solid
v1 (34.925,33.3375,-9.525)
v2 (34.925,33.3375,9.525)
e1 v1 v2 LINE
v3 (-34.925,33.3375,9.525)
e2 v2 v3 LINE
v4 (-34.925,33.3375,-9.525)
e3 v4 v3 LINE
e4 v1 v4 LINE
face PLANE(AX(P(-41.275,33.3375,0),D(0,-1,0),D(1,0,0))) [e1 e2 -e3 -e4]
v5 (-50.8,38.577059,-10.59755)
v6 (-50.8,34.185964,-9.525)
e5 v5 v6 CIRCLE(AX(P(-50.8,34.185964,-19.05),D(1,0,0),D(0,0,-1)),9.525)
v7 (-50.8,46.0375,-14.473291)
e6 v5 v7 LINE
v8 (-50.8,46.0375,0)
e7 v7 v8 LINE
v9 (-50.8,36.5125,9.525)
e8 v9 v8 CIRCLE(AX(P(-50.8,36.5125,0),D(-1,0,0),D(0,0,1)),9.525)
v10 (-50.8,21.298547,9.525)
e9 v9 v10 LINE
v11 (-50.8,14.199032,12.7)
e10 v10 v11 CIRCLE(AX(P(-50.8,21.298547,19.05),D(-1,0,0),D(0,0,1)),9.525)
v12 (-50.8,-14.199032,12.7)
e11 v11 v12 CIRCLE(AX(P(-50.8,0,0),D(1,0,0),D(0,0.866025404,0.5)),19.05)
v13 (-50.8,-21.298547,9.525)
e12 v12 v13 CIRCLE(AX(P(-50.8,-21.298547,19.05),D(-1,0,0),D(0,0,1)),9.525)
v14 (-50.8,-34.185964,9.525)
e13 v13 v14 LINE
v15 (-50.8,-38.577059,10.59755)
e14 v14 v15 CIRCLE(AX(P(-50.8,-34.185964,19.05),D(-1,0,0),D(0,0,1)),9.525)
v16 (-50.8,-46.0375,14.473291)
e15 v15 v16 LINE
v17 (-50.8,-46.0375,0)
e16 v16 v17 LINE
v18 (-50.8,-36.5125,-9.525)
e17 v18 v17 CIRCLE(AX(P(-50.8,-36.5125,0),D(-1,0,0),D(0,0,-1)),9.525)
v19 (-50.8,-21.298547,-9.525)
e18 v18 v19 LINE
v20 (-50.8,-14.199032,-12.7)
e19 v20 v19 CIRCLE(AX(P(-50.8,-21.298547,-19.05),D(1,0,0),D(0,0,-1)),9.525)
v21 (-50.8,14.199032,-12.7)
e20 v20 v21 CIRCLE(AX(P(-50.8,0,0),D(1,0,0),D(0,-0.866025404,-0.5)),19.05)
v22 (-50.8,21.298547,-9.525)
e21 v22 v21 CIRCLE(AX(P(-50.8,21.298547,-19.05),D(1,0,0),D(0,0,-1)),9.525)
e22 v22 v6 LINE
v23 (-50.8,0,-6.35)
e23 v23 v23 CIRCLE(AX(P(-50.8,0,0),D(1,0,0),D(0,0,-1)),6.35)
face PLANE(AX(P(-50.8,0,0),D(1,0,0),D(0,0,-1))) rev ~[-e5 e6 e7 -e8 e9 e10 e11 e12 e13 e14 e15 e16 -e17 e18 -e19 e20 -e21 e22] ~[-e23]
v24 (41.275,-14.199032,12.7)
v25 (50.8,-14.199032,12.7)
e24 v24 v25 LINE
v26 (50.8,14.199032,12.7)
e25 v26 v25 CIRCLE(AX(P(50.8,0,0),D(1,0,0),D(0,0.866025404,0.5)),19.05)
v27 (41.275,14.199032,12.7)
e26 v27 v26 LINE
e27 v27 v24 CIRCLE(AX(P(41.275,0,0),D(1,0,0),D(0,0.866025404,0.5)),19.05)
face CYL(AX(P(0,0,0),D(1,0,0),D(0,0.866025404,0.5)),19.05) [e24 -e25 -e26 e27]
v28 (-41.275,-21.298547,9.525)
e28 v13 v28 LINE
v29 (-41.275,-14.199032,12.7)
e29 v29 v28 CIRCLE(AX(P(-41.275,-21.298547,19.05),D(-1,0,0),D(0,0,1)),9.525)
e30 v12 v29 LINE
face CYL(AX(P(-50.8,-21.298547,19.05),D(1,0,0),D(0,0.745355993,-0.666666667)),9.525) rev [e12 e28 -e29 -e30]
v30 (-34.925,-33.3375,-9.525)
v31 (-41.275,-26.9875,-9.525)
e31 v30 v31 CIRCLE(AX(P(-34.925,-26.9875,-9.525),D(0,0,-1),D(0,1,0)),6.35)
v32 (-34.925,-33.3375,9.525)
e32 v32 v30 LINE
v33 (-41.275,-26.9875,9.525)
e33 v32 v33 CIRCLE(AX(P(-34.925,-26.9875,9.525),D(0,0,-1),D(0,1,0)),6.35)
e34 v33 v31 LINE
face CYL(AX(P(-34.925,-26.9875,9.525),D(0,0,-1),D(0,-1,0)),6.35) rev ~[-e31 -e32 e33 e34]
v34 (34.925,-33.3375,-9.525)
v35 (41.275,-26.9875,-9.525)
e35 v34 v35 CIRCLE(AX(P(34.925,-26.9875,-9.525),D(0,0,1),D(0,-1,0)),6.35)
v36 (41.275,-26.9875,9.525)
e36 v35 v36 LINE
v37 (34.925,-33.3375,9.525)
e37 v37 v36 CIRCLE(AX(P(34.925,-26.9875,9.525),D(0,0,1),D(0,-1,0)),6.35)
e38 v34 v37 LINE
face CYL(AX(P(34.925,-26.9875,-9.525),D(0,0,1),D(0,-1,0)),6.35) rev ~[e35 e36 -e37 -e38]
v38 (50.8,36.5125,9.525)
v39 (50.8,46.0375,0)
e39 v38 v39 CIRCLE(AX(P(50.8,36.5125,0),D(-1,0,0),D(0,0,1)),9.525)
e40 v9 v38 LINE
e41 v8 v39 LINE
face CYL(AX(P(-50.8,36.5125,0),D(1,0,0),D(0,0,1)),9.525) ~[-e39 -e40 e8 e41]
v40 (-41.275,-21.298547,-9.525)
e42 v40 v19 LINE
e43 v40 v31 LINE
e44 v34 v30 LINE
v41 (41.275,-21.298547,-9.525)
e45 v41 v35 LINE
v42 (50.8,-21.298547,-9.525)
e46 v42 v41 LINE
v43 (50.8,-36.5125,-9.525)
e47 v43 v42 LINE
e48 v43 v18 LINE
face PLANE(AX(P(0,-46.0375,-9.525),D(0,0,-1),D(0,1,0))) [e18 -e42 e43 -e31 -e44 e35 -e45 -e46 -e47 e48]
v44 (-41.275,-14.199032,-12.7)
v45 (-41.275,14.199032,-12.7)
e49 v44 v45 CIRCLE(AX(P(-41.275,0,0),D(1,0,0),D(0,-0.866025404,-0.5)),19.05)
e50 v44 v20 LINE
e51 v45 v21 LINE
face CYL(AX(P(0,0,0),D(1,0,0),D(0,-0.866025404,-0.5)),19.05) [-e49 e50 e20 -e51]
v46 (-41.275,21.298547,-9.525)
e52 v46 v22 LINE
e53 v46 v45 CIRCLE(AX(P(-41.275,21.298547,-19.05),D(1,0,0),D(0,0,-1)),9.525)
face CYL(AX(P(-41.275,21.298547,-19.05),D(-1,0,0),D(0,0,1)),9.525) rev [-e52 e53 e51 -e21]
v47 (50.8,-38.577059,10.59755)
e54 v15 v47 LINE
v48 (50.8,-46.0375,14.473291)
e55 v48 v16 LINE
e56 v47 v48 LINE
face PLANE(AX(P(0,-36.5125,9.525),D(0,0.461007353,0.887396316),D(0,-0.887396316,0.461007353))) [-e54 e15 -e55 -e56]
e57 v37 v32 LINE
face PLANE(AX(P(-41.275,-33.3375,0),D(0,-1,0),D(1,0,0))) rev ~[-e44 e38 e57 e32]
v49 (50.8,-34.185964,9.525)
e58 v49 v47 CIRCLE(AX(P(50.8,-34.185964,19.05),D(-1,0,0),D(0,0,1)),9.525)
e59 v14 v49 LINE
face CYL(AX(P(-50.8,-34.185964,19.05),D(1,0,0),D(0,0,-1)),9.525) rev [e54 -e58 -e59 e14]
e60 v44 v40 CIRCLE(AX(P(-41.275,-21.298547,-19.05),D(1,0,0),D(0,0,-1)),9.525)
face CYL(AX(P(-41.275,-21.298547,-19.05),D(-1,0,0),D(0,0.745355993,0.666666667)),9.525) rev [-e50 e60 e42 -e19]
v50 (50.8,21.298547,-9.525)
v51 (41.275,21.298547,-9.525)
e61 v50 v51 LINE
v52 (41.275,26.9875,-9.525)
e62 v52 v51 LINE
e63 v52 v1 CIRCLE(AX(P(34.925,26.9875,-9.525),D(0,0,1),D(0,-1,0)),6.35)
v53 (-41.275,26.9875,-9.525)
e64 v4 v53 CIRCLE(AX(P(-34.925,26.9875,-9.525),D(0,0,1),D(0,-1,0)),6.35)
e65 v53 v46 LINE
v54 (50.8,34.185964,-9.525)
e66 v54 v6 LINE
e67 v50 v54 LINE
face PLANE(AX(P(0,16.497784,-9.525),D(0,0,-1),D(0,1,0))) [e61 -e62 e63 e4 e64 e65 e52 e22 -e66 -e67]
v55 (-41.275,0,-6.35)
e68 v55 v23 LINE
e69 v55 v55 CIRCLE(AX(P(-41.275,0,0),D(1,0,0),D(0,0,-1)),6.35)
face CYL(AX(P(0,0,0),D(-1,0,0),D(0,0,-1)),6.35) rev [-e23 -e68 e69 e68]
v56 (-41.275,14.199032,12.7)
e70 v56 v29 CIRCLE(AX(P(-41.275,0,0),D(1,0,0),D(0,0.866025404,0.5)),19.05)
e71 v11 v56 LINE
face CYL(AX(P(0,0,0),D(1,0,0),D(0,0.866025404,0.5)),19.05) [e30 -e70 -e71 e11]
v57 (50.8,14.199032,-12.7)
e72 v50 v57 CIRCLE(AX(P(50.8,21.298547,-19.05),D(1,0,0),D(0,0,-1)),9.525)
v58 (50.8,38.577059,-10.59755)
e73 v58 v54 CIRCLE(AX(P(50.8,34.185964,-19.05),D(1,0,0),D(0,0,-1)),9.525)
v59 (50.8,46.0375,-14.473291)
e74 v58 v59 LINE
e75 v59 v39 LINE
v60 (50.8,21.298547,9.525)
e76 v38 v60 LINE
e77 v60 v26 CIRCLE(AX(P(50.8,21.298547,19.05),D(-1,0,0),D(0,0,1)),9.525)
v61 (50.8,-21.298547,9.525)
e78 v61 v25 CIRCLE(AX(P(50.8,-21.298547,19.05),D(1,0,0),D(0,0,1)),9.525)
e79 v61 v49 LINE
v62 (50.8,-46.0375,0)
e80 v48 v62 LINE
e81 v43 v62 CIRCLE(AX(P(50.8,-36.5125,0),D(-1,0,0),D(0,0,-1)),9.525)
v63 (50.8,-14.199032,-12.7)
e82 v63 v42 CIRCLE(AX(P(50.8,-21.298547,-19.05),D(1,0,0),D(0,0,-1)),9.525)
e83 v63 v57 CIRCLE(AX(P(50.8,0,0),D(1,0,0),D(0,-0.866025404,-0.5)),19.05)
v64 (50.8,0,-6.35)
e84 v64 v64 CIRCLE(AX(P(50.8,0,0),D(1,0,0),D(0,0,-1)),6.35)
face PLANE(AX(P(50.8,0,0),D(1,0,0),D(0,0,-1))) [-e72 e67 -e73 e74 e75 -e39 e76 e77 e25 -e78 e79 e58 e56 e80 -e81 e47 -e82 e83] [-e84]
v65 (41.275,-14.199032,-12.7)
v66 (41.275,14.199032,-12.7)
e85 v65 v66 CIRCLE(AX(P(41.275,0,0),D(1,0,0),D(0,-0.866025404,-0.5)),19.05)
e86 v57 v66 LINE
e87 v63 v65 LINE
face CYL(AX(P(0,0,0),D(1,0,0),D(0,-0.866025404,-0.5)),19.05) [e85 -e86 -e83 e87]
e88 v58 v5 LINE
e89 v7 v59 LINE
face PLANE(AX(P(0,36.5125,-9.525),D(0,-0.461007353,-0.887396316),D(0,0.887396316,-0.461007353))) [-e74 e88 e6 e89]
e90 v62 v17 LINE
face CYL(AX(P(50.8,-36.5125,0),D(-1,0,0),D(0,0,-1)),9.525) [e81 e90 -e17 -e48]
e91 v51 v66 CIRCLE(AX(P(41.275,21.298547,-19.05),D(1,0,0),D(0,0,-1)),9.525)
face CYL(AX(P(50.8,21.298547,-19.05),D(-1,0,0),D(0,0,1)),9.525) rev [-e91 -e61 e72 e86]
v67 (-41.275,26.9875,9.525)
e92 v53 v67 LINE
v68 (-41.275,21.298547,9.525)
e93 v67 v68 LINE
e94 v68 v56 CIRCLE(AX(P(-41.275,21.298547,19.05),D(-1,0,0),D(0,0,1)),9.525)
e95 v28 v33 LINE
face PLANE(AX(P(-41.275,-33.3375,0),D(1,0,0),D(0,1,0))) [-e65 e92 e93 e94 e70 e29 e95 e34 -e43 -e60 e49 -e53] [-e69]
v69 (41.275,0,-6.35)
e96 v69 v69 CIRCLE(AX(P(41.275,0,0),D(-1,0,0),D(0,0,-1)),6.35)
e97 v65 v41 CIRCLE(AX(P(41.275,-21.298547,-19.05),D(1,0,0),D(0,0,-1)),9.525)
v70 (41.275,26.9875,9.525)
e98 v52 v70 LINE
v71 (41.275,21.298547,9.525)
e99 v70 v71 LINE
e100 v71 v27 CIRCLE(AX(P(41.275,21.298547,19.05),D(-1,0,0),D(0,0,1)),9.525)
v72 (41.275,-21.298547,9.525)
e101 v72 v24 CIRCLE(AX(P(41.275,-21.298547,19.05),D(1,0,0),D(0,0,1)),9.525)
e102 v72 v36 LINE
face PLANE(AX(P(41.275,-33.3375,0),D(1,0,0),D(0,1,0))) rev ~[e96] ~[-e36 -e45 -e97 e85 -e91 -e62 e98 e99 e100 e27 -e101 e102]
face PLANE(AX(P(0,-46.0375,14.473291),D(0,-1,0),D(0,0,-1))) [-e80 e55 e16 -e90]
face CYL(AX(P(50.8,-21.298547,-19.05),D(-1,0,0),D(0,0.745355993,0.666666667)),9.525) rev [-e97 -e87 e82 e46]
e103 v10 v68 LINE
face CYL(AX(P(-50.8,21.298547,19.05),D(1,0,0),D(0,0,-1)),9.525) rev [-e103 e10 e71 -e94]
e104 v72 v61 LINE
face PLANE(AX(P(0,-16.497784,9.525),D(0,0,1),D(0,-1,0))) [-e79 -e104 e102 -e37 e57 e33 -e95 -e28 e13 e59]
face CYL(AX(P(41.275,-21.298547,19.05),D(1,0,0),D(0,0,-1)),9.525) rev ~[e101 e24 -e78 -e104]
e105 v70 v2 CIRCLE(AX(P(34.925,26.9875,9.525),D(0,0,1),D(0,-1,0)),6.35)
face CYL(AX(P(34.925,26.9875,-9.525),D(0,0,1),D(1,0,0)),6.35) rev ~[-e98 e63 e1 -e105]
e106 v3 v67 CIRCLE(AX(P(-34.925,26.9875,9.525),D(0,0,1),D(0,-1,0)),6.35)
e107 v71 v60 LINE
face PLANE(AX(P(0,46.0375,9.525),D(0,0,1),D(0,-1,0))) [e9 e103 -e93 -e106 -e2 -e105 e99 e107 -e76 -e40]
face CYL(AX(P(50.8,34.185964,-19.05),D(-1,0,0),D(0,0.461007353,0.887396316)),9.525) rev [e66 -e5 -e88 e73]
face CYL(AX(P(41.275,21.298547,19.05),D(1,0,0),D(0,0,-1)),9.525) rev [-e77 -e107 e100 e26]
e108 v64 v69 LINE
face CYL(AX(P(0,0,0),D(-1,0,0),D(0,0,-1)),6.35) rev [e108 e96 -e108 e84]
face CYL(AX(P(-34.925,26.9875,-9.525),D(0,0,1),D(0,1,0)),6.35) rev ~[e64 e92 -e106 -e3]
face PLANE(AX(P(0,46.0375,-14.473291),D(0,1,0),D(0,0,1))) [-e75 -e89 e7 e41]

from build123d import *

# Parameters (mm, degrees)
SKETCH1_R               = 6.35
BOSS_EXTRUDE1_DEPTH     = 50.8
SKETCH2_W               = 82.55
SKETCH2_H               = 66.675
CUT_EXTRUDE1_DEPTH      = 20.05
CUT_EXTRUDE1_DEPTH_BACK = 20.05
FILLET1_R               = 6.35
FILLET2_R               = 9.525
FILLET3_R               = 9.525
FILLET4_R               = 9.525


with BuildPart() as part:
    # Sketch1 → Boss-Extrude1 (new body, symmetric)
    with BuildSketch(Plane(origin=(0, 0, 0), x_dir=(0, 0, -1), z_dir=(1, 0, 0))):
        with BuildLine():
            Line((9.525, 36.5125), (14.473290811, 46.0375))
            Line((14.473290811, 46.0375), (-9.525, 46.0375))
            Line((-9.525, 46.0375), (-9.525, 36.5125))
            Line((-9.525, 36.5125), (-9.525, 16.497783942))
            ThreePointArc((-9.525, 16.497783942), (-19.05, 0), (-9.525, -16.497783942))
            Line((-9.525, -16.497783942), (-9.525, -36.5125))
            Line((-9.525, -36.5125), (-14.473290811, -46.0375))
            Line((-14.473290811, -46.0375), (9.525, -46.0375))
            Line((9.525, -46.0375), (9.525, -36.5125))
            Line((9.525, -36.5125), (9.525, -16.497783942))
            ThreePointArc((9.525, -16.497783942), (19.05, 0), (9.525, 16.497783942))
            Line((9.525, 16.497783942), (9.525, 36.5125))
        make_face()
        Circle(SKETCH1_R, mode=Mode.SUBTRACT)
    extrude(amount=BOSS_EXTRUDE1_DEPTH, both=True)

    # Sketch2 → Cut-Extrude1 (cut, two sides)
    with BuildSketch(Plane.XY) as cut_extrude1_sk:
        Rectangle(SKETCH2_W, SKETCH2_H)
    extrude(amount=CUT_EXTRUDE1_DEPTH, mode=Mode.SUBTRACT)
    extrude(cut_extrude1_sk.sketch, amount=-CUT_EXTRUDE1_DEPTH_BACK, mode=Mode.SUBTRACT)

    # Fillet1
    fillet1_edges = [part.edges().sort_by_distance(p)[0] for p in [
        (-41.275, 33.3375, 0),
        (41.275, -33.3375, 0),
        (41.275, 33.3375, 0),
        (-41.275, -33.3375, 0),
    ]]
    fillet(fillet1_edges, radius=FILLET1_R)

    # Fillet2
    fillet2_edges = [part.edges().sort_by_distance(p)[0] for p in [
        (46.0375, 16.497783942, -9.525),
        (46.0375, -16.497783942, -9.525),
        (46.0375, -16.497783942, 9.525),
        (46.0375, 16.497783942, 9.525),
        (-46.0375, 16.497783942, -9.525),
        (-46.0375, -16.497783942, -9.525),
        (-46.0375, -16.497783942, 9.525),
        (-46.0375, 16.497783942, 9.525),
    ]]
    fillet(fillet2_edges, radius=FILLET2_R)

    # Fillet3
    fillet3_edges = [part.edges().sort_by_distance(p)[0] for p in [
        (0, -46.0375, -9.525),
        (0, 46.0375, 9.525),
    ]]
    fillet(fillet3_edges, radius=FILLET3_R)

    # Fillet4
    fillet4_edges = [part.edges().sort_by_distance(p)[0] for p in [
        (0, -36.5125, 9.525),
        (0, 36.5125, -9.525),
    ]]
    fillet(fillet4_edges, radius=FILLET4_R)


solid = part.part
